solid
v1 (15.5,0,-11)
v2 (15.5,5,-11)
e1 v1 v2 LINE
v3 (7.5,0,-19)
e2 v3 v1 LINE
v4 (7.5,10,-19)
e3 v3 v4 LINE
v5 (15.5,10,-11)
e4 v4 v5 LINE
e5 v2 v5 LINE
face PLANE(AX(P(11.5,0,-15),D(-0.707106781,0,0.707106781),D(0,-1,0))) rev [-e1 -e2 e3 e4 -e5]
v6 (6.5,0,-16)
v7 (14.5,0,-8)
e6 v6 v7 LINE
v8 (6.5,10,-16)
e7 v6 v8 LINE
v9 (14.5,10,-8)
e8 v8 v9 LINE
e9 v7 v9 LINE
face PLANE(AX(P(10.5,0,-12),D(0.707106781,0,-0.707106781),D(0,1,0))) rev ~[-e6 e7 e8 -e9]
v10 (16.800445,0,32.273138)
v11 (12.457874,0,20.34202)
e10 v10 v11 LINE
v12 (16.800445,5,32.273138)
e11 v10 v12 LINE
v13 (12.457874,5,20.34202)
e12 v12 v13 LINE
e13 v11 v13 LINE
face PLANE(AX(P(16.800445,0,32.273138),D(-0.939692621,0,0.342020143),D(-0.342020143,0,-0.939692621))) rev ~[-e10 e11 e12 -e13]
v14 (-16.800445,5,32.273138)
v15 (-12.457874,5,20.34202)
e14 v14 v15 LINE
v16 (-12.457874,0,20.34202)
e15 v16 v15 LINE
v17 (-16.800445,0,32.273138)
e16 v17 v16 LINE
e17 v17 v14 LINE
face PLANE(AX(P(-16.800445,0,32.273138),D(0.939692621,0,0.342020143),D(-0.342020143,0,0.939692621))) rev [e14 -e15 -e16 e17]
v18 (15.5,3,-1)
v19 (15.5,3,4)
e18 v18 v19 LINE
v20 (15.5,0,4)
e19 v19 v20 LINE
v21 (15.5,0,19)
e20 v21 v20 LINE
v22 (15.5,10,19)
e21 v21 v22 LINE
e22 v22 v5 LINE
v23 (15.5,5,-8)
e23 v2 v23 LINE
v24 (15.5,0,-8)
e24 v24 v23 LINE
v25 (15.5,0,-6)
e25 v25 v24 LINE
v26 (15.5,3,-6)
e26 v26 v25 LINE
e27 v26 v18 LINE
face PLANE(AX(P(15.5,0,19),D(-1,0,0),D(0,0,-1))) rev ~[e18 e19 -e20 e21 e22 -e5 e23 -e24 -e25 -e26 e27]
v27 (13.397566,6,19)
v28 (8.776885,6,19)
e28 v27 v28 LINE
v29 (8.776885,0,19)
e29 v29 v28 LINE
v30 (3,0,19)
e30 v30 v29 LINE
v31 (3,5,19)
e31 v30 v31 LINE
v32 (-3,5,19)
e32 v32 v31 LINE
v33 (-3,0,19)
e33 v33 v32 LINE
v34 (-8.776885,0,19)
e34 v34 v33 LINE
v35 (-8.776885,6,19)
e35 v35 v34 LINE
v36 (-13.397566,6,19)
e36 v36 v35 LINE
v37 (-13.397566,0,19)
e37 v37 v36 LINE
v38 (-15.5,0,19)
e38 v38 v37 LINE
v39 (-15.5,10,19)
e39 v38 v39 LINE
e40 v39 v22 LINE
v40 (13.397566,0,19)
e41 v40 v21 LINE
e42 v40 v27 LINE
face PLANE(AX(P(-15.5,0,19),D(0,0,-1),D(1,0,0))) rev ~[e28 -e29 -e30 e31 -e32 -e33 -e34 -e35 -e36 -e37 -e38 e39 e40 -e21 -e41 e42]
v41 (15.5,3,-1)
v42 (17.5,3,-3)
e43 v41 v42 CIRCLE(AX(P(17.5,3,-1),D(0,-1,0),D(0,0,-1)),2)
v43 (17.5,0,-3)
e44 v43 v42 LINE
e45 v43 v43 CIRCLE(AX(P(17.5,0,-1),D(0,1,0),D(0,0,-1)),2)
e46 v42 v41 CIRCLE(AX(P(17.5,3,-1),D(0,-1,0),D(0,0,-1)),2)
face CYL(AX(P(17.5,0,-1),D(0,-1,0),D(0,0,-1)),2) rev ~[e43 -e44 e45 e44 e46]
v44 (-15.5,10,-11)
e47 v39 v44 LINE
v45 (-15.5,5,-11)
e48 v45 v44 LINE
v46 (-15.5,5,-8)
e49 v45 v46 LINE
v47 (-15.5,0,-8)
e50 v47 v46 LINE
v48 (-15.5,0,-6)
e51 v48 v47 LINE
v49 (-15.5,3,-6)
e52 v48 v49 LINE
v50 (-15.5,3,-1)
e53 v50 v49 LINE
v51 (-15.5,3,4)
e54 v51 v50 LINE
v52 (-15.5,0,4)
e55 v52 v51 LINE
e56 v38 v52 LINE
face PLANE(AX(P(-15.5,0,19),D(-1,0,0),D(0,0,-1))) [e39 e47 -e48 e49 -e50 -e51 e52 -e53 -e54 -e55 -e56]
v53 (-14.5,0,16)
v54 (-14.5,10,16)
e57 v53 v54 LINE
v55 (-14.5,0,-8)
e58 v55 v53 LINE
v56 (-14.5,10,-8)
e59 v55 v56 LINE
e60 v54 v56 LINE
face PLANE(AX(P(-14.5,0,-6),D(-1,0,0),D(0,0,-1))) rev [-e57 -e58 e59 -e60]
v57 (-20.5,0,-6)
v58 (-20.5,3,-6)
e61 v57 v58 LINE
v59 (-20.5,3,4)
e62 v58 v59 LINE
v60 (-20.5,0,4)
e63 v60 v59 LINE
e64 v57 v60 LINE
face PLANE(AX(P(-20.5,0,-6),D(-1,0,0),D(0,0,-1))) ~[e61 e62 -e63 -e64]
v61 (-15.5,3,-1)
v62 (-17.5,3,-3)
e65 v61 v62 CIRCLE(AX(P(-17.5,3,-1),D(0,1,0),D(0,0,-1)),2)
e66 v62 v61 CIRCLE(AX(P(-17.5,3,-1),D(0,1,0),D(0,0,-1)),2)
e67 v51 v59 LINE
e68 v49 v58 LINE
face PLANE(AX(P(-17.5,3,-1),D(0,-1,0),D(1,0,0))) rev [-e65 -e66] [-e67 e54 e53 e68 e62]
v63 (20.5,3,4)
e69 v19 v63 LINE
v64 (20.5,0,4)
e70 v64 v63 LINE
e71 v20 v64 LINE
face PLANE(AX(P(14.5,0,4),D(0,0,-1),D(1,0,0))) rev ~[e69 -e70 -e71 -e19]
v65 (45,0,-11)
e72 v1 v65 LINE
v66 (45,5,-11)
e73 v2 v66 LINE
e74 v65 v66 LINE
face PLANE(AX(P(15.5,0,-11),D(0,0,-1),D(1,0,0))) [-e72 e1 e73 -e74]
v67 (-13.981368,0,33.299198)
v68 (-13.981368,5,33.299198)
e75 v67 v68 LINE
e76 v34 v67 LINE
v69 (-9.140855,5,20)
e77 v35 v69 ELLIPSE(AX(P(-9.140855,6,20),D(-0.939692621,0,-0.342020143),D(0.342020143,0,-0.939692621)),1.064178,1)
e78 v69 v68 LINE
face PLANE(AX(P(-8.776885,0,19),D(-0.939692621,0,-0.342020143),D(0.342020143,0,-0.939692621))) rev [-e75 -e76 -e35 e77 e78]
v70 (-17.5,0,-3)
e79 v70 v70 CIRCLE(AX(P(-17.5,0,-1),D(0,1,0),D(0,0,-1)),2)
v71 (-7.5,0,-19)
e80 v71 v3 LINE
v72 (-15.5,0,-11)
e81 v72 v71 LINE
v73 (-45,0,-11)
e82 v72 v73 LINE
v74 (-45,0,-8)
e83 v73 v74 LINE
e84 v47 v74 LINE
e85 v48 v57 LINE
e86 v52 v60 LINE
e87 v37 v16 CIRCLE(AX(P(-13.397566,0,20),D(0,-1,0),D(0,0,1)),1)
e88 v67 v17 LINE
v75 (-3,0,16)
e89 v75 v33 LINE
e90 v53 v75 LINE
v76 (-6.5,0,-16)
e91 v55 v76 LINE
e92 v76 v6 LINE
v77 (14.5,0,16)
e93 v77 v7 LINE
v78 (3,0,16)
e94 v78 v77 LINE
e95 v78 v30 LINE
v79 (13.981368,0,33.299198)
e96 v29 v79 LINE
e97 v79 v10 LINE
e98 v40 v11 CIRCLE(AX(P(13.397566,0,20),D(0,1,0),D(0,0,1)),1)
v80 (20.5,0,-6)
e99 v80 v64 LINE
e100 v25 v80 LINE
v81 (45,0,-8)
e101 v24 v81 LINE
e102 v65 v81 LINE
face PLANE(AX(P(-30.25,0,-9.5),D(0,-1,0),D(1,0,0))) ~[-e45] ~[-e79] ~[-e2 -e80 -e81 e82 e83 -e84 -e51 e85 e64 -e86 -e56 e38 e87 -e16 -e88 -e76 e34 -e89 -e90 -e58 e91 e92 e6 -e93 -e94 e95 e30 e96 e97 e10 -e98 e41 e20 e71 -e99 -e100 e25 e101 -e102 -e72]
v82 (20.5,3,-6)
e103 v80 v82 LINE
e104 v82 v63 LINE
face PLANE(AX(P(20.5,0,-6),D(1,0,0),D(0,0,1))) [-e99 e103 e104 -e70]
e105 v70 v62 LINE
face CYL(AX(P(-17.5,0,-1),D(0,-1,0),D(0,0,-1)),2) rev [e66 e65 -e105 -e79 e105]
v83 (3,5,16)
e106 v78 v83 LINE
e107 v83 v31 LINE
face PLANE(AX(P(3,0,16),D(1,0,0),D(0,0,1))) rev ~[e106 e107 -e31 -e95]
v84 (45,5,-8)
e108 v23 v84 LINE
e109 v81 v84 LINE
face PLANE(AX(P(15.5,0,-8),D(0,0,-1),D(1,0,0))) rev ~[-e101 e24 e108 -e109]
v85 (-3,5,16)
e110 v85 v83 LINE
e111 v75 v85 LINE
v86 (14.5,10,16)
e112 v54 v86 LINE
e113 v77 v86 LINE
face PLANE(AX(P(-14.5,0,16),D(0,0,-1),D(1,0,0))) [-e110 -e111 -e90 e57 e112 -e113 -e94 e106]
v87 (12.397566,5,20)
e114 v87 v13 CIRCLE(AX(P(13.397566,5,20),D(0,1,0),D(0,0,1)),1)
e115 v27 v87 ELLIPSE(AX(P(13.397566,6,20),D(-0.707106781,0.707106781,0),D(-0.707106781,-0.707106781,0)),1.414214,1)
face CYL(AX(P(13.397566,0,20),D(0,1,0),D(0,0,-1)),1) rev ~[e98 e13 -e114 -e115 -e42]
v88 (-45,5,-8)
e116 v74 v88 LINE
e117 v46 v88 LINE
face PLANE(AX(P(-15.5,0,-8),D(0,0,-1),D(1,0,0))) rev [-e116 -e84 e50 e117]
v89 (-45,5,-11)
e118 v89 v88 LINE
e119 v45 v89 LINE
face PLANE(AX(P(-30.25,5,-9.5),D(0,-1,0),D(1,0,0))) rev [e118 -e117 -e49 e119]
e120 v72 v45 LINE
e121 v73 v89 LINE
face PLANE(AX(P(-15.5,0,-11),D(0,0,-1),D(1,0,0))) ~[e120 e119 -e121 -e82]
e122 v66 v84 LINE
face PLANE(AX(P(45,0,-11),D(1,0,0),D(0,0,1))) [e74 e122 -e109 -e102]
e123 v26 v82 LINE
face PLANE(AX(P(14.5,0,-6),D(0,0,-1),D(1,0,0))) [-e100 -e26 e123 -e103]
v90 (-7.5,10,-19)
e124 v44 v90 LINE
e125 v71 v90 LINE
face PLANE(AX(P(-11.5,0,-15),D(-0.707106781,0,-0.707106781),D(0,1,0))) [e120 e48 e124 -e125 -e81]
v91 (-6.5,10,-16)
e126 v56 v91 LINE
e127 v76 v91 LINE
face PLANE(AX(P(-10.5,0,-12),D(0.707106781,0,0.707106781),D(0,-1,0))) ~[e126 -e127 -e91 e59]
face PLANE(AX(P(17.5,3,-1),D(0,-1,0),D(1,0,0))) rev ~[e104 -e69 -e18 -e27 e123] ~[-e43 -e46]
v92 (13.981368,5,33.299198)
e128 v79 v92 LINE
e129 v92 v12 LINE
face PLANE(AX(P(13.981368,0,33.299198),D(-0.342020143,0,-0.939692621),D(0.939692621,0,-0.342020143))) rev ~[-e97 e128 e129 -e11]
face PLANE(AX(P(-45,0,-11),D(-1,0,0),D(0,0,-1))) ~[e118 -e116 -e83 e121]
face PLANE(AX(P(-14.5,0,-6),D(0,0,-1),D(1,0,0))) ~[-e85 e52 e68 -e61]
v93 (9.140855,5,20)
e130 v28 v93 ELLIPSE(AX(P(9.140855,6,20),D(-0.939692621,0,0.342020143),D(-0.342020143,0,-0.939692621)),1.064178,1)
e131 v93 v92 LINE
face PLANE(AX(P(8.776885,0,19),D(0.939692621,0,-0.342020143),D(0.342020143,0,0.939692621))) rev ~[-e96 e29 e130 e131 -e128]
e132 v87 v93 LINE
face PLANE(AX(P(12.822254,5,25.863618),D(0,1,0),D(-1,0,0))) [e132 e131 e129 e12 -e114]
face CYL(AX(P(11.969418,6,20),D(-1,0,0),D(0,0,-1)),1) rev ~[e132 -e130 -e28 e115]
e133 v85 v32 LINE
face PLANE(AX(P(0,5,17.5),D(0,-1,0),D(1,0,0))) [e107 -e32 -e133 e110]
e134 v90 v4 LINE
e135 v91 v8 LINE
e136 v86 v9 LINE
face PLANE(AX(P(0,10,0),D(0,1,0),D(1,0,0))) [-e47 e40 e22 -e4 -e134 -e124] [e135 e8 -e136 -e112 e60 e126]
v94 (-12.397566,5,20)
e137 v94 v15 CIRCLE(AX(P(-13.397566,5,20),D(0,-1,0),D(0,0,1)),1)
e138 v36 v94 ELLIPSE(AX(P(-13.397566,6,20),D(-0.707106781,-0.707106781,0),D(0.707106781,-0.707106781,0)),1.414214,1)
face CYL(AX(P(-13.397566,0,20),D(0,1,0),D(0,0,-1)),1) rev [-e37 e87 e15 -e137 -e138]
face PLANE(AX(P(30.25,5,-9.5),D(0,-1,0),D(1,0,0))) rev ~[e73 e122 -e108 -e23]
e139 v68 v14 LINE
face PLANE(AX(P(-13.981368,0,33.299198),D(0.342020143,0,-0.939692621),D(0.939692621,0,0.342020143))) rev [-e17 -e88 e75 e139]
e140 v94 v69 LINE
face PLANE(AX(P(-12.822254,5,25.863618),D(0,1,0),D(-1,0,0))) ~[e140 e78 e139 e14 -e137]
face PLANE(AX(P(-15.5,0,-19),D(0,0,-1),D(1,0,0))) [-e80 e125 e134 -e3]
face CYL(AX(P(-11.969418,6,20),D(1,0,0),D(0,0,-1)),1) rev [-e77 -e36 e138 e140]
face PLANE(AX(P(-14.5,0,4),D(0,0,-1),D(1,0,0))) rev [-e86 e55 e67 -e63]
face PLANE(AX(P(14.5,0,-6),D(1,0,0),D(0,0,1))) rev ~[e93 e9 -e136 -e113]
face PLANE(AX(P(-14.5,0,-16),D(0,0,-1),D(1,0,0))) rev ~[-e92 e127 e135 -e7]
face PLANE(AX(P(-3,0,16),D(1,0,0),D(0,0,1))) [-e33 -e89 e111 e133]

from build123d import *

# Parameters (mm, degrees)
SKETCH1_W            = 31
SKETCH1_H            = 38
SKETCH1_W_2          = 29
SKETCH1_H_2          = 32
BOSS_EXTRUDE1_DEPTH  = 10
SKETCH2_W            = 6
SKETCH2_H            = 10
SKETCH2_R            = 2
BOSS_EXTRUDE2_DEPTH  = 3
SKETCH3_W            = 6
SKETCH3_H            = 3
CUT_EXTRUDE1_DEPTH   = 5
SKETCH4_W            = 29.5
SKETCH4_H            = 3
BOSS_EXTRUDE3_DEPTH  = 5
FILLET1_R            = 1
CHAMFER1_SIZE        = 8
FILLET1_OF_MIRROR2_R = 1


with BuildPart() as part:
    # Sketch1 → Boss-Extrude1 (new body)
    with BuildSketch(Plane(origin=(0, 0, 0), x_dir=(1, 0, 0), z_dir=(0, 1, 0))):
        Rectangle(SKETCH1_W, SKETCH1_H)
        Rectangle(SKETCH1_W_2, SKETCH1_H_2, mode=Mode.SUBTRACT)
    extrude(amount=BOSS_EXTRUDE1_DEPTH)

    # Sketch2 → Boss-Extrude2 (add)
    with BuildSketch(Plane.XZ):
        with Locations((17.5, -1)):
            Rectangle(SKETCH2_W, SKETCH2_H)
        with Locations(Location((17.5, -1, 0), (0, 0, 270))):
            Circle(SKETCH2_R, mode=Mode.SUBTRACT)
    boss_extrude2 = extrude(amount=-BOSS_EXTRUDE2_DEPTH)

    # Mirror1: Boss-Extrude2 across plane
    add(boss_extrude2.mirror(Plane(origin=(0, 0, 0), x_dir=(0, 0, 1), z_dir=(1, 0, 0))))

    # Sketch3 → Cut-Extrude1 (cut)
    with BuildSketch(Plane.XZ):
        with Locations((0, 17.5)):
            Rectangle(SKETCH3_W, SKETCH3_H)
    extrude(amount=-CUT_EXTRUDE1_DEPTH, mode=Mode.SUBTRACT)

    # Sketch4 → Boss-Extrude3 (add)
    with BuildSketch(Plane.XZ):
        Polygon((13.981367518, 33.29919815), (16.800445381, 32.27313772), (11.969418335, 19), (8.776885018, 19), align=None)
        with Locations((30.25, -9.5)):
            Rectangle(SKETCH4_W, SKETCH4_H)
    boss_extrude3 = extrude(amount=-BOSS_EXTRUDE3_DEPTH)

    # Fillet1
    fillet1_edges = [part.edges().sort_by_distance(p)[0] for p in [
        (10.373151677, 5, 19),
        (11.969418335, 2.5, 19),
    ]]
    fillet(fillet1_edges, radius=FILLET1_R)

    # Chamfer1
    chamfer1_edges = [part.edges().sort_by_distance(p)[0] for p in [
        (15.5, 5, -19),
        (-15.5, 5, -19),
        (14.5, 5, -16),
        (-14.5, 5, -16),
    ]]
    chamfer(chamfer1_edges, length=CHAMFER1_SIZE)

    # Mirror2: Boss-Extrude3 across plane
    add(boss_extrude3.mirror(Plane(origin=(0, 0, 0), x_dir=(0, 0, 1), z_dir=(1, 0, 0))))

    # Fillet1 of Mirror2
    fillet1_of_mirror2_edges = [part.edges().sort_by_distance(p)[0] for p in [
        (-10.373151677, 5, 19),
        (-11.969418335, 2.5, 19),
    ]]
    fillet(fillet1_of_mirror2_edges, radius=FILLET1_OF_MIRROR2_R)


solid = part.part
